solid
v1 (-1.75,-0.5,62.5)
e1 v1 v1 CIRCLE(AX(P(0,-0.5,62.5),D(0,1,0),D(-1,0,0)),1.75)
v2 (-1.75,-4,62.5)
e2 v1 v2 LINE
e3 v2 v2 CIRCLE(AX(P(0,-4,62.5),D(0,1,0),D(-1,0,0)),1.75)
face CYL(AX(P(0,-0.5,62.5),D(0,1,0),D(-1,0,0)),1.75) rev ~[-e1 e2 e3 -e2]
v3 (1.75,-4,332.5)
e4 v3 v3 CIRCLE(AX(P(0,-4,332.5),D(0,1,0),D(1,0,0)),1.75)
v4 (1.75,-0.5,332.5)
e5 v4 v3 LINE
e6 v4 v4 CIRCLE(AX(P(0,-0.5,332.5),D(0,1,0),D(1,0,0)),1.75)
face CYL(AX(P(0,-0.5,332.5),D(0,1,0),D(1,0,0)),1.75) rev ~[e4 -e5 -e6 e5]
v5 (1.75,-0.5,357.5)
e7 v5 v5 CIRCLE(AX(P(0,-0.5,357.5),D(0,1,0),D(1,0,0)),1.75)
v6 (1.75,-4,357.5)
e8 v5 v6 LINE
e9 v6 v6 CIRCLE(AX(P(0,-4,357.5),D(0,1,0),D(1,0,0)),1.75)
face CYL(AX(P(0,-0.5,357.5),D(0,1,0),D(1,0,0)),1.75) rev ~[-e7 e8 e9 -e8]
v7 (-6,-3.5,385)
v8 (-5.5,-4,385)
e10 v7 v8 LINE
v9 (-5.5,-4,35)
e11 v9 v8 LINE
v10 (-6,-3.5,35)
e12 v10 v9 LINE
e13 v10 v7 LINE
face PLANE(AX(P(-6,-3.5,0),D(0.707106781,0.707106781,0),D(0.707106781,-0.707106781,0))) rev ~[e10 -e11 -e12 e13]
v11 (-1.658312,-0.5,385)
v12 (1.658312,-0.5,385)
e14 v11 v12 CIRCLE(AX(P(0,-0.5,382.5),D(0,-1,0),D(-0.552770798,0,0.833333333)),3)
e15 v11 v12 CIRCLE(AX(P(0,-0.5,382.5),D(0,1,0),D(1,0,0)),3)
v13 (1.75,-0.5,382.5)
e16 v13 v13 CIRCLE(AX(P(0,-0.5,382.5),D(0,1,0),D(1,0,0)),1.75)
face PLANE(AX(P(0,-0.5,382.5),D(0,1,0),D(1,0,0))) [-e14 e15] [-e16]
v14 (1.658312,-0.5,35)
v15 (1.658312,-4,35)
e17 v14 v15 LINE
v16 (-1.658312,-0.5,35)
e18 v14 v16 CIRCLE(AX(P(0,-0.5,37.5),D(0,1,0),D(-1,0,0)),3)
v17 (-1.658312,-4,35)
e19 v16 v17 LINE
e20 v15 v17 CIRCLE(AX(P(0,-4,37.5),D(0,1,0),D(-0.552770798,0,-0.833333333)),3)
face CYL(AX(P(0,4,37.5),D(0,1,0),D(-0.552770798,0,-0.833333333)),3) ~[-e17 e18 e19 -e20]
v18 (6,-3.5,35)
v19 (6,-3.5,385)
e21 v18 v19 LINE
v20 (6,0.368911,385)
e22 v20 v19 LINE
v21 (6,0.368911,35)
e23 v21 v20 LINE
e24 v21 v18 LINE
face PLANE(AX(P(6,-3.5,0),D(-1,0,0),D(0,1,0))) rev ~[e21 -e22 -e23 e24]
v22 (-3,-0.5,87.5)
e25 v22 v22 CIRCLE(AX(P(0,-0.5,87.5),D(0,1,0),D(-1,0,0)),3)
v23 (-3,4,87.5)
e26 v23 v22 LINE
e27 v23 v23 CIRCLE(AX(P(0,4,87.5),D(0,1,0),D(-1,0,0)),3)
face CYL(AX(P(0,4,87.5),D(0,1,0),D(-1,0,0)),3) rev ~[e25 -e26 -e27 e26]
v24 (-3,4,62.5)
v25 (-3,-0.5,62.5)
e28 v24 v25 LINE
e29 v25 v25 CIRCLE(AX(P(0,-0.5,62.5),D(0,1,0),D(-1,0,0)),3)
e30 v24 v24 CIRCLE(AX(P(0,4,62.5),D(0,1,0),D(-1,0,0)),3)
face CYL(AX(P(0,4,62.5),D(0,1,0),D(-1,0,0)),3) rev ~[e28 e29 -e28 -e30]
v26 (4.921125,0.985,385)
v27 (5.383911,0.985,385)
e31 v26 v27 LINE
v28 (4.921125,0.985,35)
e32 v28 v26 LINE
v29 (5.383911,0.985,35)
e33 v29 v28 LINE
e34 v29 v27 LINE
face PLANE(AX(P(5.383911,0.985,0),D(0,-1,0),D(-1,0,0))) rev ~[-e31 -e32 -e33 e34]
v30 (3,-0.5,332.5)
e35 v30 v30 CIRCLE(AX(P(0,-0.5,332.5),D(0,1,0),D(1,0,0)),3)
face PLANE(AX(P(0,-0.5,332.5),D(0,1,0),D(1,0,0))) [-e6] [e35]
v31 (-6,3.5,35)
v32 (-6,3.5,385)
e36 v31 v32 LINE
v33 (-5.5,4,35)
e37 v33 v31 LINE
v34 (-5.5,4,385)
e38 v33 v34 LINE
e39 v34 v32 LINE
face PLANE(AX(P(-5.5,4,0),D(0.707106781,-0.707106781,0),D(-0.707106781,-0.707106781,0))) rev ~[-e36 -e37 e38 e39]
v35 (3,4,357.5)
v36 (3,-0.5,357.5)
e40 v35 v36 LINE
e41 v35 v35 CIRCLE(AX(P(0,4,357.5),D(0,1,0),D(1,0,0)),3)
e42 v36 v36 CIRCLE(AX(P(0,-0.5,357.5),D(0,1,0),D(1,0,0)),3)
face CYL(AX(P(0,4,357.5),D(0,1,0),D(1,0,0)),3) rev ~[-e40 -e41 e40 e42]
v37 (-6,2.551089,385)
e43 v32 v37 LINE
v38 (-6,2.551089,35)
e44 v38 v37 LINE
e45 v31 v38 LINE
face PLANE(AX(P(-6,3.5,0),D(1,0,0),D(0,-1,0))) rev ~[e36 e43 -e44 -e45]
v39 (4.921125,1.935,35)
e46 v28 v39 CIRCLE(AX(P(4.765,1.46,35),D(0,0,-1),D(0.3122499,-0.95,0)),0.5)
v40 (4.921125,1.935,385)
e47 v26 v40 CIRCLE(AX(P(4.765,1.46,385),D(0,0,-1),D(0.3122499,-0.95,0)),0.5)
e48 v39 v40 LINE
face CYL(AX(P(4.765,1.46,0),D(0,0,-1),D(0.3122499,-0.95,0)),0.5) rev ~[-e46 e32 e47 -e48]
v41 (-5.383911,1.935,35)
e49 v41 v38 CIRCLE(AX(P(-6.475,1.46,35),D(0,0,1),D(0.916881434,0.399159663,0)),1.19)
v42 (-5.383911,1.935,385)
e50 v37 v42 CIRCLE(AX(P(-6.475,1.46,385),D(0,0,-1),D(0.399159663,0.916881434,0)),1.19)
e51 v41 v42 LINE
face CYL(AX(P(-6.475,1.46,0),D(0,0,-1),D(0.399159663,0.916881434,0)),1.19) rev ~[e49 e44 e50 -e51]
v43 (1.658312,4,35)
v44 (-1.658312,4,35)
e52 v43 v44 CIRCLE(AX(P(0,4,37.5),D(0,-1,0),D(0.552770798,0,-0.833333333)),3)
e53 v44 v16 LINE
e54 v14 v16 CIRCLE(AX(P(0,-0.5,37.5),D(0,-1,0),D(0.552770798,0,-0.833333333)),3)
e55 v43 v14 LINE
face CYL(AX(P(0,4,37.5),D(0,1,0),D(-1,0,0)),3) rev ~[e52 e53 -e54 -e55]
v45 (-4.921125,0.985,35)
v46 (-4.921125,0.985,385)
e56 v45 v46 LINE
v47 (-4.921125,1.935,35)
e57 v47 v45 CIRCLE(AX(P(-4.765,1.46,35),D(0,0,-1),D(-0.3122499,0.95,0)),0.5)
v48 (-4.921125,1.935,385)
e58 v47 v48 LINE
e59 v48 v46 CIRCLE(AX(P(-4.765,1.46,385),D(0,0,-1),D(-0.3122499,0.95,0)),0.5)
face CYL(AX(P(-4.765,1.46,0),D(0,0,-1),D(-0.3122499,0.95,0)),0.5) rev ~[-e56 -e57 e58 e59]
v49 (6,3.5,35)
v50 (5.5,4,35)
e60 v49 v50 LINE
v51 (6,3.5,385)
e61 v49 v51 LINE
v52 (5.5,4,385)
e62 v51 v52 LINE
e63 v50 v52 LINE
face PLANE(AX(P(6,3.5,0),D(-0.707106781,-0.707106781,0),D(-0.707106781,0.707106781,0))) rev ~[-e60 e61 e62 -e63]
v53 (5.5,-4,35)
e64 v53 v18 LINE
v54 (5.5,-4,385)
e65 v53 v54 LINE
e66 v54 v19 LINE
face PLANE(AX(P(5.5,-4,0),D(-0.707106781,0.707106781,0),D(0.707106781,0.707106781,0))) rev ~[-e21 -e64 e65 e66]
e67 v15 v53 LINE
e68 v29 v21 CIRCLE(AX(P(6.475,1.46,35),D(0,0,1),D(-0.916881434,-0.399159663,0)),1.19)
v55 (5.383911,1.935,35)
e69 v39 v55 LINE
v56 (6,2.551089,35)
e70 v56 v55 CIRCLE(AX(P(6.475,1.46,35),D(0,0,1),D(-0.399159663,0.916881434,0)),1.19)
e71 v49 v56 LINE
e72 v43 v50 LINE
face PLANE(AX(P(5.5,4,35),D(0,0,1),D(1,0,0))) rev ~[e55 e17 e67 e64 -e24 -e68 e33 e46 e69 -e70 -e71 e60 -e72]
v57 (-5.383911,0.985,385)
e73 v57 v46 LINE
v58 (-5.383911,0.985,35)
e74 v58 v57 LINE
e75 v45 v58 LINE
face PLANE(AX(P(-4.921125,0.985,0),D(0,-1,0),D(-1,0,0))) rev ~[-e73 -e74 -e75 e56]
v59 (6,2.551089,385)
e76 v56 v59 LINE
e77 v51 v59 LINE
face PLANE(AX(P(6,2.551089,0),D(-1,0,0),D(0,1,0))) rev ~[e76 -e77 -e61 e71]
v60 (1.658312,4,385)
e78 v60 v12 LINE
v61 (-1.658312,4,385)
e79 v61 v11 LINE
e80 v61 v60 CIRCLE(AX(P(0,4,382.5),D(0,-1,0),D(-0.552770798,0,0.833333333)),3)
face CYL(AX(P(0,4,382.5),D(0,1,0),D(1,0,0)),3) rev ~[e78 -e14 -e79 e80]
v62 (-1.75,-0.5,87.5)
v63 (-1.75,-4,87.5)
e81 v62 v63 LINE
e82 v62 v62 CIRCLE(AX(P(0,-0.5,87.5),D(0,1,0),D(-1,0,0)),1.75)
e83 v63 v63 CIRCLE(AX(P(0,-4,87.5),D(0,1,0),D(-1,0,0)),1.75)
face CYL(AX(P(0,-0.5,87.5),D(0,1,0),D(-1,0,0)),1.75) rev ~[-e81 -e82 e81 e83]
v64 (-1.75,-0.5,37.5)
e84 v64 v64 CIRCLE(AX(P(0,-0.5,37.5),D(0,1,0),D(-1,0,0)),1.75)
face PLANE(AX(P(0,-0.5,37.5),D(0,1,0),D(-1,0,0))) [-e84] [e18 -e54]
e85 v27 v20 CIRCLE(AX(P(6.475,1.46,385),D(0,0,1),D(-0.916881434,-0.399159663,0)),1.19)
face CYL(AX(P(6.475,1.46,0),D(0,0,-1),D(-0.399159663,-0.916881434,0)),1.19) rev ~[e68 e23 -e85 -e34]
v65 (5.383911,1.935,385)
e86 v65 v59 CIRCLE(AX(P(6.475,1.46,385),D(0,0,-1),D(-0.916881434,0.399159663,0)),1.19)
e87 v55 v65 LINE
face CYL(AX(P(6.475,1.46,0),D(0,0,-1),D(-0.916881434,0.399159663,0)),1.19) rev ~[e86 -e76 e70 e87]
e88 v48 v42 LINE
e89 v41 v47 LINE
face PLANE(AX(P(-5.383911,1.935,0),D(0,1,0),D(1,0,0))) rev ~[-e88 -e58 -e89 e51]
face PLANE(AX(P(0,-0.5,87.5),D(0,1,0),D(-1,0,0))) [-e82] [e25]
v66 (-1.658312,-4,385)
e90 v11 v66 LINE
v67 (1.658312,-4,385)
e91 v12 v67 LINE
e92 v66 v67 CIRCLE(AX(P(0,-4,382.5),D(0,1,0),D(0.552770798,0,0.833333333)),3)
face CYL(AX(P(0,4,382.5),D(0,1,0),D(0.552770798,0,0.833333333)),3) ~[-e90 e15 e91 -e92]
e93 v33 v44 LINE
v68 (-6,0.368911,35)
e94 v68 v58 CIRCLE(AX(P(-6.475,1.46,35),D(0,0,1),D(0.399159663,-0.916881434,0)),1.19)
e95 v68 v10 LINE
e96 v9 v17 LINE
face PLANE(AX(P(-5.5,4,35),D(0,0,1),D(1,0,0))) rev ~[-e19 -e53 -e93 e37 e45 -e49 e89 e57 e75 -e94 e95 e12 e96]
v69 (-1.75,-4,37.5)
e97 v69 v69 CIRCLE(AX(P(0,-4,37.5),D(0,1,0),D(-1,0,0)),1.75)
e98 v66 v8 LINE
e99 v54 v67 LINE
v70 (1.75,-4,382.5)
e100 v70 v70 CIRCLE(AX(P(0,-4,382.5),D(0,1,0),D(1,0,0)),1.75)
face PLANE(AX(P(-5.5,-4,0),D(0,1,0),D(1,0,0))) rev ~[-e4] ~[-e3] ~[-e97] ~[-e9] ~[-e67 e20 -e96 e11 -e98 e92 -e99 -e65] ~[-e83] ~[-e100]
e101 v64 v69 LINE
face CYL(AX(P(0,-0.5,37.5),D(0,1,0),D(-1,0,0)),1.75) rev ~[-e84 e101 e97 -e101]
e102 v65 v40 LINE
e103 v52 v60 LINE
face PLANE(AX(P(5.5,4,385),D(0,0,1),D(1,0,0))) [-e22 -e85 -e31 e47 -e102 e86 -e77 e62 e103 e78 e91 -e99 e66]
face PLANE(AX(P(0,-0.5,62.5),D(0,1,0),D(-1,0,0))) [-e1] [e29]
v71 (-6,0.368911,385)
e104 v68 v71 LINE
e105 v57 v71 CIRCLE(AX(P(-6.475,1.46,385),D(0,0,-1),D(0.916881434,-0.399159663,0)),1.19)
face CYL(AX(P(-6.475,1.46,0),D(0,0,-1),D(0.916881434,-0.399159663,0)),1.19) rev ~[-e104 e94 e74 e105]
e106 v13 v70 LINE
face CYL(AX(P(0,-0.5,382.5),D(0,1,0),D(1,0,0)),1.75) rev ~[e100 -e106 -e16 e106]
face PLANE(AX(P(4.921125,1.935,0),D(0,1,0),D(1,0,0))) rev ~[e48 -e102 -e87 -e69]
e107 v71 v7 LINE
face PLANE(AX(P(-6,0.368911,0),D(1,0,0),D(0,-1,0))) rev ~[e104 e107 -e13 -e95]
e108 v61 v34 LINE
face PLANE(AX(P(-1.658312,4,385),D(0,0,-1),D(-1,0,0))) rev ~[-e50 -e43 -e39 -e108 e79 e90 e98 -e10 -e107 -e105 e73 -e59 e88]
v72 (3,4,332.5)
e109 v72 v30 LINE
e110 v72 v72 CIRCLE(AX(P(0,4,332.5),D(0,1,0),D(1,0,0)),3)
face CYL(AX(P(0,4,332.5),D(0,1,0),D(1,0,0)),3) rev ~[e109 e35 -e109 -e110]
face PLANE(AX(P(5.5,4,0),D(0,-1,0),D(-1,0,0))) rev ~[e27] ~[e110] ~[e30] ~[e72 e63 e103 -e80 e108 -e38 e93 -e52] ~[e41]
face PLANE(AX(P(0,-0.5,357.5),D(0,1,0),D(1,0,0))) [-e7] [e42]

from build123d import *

# Parameters (mm, degrees)
BOSS_EXTRUDE1_DEPTH     = 420
SKETCH2_R               = 3
CUT_EXTRUDE1_DEPTH      = 4.5
SKETCH3_R               = 1.75
CUT_EXTRUDE2_DEPTH      = 421.066958948
LPATTERN1_COUNT         = 4
LPATTERN1_PITCH         = 25
MIRROR1_COPY_1_SKETCH_R = 3
MIRROR1_COPY_1_DEPTH    = 4.5
MIRROR1_COPY_2_SKETCH_R = 3
MIRROR1_COPY_2_DEPTH    = 4.5
MIRROR1_COPY_3_SKETCH_R = 3
MIRROR1_COPY_3_DEPTH    = 4.5
MIRROR1_COPY_4_SKETCH_R = 1.75
MIRROR1_COPY_4_DEPTH    = 421.066958948
MIRROR1_COPY_5_SKETCH_R = 1.75
MIRROR1_COPY_5_DEPTH    = 421.066958948
MIRROR1_COPY_6_SKETCH_R = 1.75
MIRROR1_COPY_6_DEPTH    = 421.066958948
SKETCH5_R               = 3
SKETCH5_W               = 0.5
SKETCH5_H               = 35
CUT_EXTRUDE3_DEPTH      = 421.119030752


with BuildPart() as part:
    # Sketch1 → Boss-Extrude1 (new body)
    with BuildSketch(Plane.XY):
        with BuildLine():
            Line((6, -3.5), (6, 0.368911094))
            ThreePointArc((6, 0.368911094), (5.63354293, 0.61854293), (5.383911094, 0.985))
            Line((5.383911094, 0.985), (4.92112495, 0.985))
            ThreePointArc((4.92112495, 0.985), (4.265, 1.46), (4.92112495, 1.935))
            Line((4.92112495, 1.935), (5.383911094, 1.935))
            ThreePointArc((5.383911094, 1.935), (5.63354293, 2.30145707), (6, 2.551088906))
            Line((6, 2.551088906), (6, 3.5))
            Line((6, 3.5), (5.5, 4))
            Line((5.5, 4), (-5.5, 4))
            Line((-5.5, 4), (-6, 3.5))
            Line((-6, 3.5), (-6, 2.551088906))
            ThreePointArc((-6, 2.551088906), (-5.63354293, 2.30145707), (-5.383911094, 1.935))
            Line((-5.383911094, 1.935), (-4.92112495, 1.935))
            ThreePointArc((-4.92112495, 1.935), (-4.265, 1.46), (-4.92112495, 0.985))
            Line((-4.92112495, 0.985), (-5.383911094, 0.985))
            ThreePointArc((-5.383911094, 0.985), (-5.63354293, 0.61854293), (-6, 0.368911094))
            Line((-6, 0.368911094), (-6, -3.5))
            Line((-6, -3.5), (-5.5, -4))
            Line((-5.5, -4), (5.5, -4))
            Line((5.5, -4), (6, -3.5))
        make_face()
    extrude(amount=BOSS_EXTRUDE1_DEPTH)

    # Sketch2 → Cut-Extrude1 (cut)
    with BuildSketch(Plane(origin=(0, 4, 0), x_dir=(1, 0, 0), z_dir=(0, 1, 0))):
        with Locations(Location((0, -12.5, 0), (0, 0, 180))):
            Circle(SKETCH2_R)
    cut_extrude1 = extrude(amount=-CUT_EXTRUDE1_DEPTH, mode=Mode.SUBTRACT)

    # Sketch3 → Cut-Extrude2 (cut, through all)
    with BuildSketch(Plane(origin=(0, -0.5, 0), x_dir=(1, 0, 0), z_dir=(0, 1, 0))):
        with Locations(Location((0, -12.5, 0), (0, 0, 180))):
            Circle(SKETCH3_R)
    cut_extrude2 = extrude(amount=-CUT_EXTRUDE2_DEPTH, mode=Mode.SUBTRACT)

    # LPattern1: Cut-Extrude1, Cut-Extrude2 ×4
    with Locations(*[(0, 0, i * LPATTERN1_PITCH) for i in range(1, LPATTERN1_COUNT)]):
        add(cut_extrude1, mode=Mode.SUBTRACT)
        add(cut_extrude2, mode=Mode.SUBTRACT)

    # Mirror1: Cut-Extrude1, Cut-Extrude2 across plane
    add(cut_extrude1.mirror(Plane.XY.offset(210)), mode=Mode.SUBTRACT)
    add(cut_extrude2.mirror(Plane.XY.offset(210)), mode=Mode.SUBTRACT)

    # Mirror1 copy 1 sketch → Mirror1 copy 1 (cut)
    with BuildSketch(Plane(origin=(0, 4, 395), x_dir=(1, 0, 0), z_dir=(0, 1, 0))):
        with Locations((0, 12.5)):
            Circle(MIRROR1_COPY_1_SKETCH_R)
    extrude(amount=-MIRROR1_COPY_1_DEPTH, mode=Mode.SUBTRACT)

    # Mirror1 copy 2 sketch → Mirror1 copy 2 (cut)
    with BuildSketch(Plane(origin=(0, 4, 370), x_dir=(1, 0, 0), z_dir=(0, 1, 0))):
        with Locations((0, 12.5)):
            Circle(MIRROR1_COPY_2_SKETCH_R)
    extrude(amount=-MIRROR1_COPY_2_DEPTH, mode=Mode.SUBTRACT)

    # Mirror1 copy 3 sketch → Mirror1 copy 3 (cut)
    with BuildSketch(Plane(origin=(0, 4, 345), x_dir=(1, 0, 0), z_dir=(0, 1, 0))):
        with Locations((0, 12.5)):
            Circle(MIRROR1_COPY_3_SKETCH_R)
    extrude(amount=-MIRROR1_COPY_3_DEPTH, mode=Mode.SUBTRACT)

    # Mirror1 copy 4 sketch → Mirror1 copy 4 (cut, through all)
    with BuildSketch(Plane(origin=(0, -0.5, 395), x_dir=(1, 0, 0), z_dir=(0, 1, 0))):
        with Locations((0, 12.5)):
            Circle(MIRROR1_COPY_4_SKETCH_R)
    extrude(amount=-MIRROR1_COPY_4_DEPTH, mode=Mode.SUBTRACT)

    # Mirror1 copy 5 sketch → Mirror1 copy 5 (cut, through all)
    with BuildSketch(Plane(origin=(0, -0.5, 370), x_dir=(1, 0, 0), z_dir=(0, 1, 0))):
        with Locations((0, 12.5)):
            Circle(MIRROR1_COPY_5_SKETCH_R)
    extrude(amount=-MIRROR1_COPY_5_DEPTH, mode=Mode.SUBTRACT)

    # Mirror1 copy 6 sketch → Mirror1 copy 6 (cut, through all)
    with BuildSketch(Plane(origin=(0, -0.5, 345), x_dir=(1, 0, 0), z_dir=(0, 1, 0))):
        with Locations((0, 12.5)):
            Circle(MIRROR1_COPY_6_SKETCH_R)
    extrude(amount=-MIRROR1_COPY_6_DEPTH, mode=Mode.SUBTRACT)

    # Sketch5 → Cut-Extrude3 (cut, through all)
    # profile 1 of 8: a face of its own
    with BuildSketch(Plane(origin=(0, 4, 0), x_dir=(1, 0, 0), z_dir=(0, 1, 0))):
        with BuildLine():
            Line((-1.658312395, -385), (-5.5, -385))
            Line((-5.5, -385), (-5.5, -420))
            Line((-5.5, -420), (5.5, -420))
            Line((5.5, -420), (5.5, -385))
            Line((5.5, -385), (1.658312395, -385))
            ThreePointArc((1.658312395, -385), (0, -385.5), (-1.658312395, -385))
        make_face()
        with Locations((0, -407.5)):
            Circle(SKETCH5_R, mode=Mode.SUBTRACT)
    # profile 2 of 8: a face of its own
    with BuildSketch(Plane(origin=(0, 4, 0), x_dir=(1, 0, 0), z_dir=(0, 1, 0))):
        with Locations((-5.75, -402.5)):
            Rectangle(SKETCH5_W, SKETCH5_H)
    # profile 3 of 8: a face of its own
    with BuildSketch(Plane(origin=(0, 4, 0), x_dir=(1, 0, 0), z_dir=(0, 1, 0))):
        with Locations((5.75, -402.5)):
            Rectangle(SKETCH5_W, SKETCH5_H)
    # profile 4 of 8: a face of its own
    with BuildSketch(Plane(origin=(0, 4, 0), x_dir=(1, 0, 0), z_dir=(0, 1, 0))):
        with Locations((0, -407.5)):
            Circle(SKETCH5_R)
    # profile 5 of 8: a face of its own
    with BuildSketch(Plane(origin=(0, 4, 0), x_dir=(1, 0, 0), z_dir=(0, 1, 0))):
        with BuildLine():
            Line((-5.5, 0), (-5.5, -35))
            Line((-5.5, -35), (-1.658312395, -35))
            ThreePointArc((-1.658312395, -35), (0, -34.5), (1.658312395, -35))
            Line((1.658312395, -35), (5.5, -35))
            Line((5.5, -35), (5.5, 0))
            Line((5.5, 0), (-5.5, 0))
        make_face()
        with Locations((0, -12.5)):
            Circle(SKETCH5_R, mode=Mode.SUBTRACT)
    # profile 6 of 8: a face of its own
    with BuildSketch(Plane(origin=(0, 4, 0), x_dir=(1, 0, 0), z_dir=(0, 1, 0))):
        with Locations((0, -12.5)):
            Circle(SKETCH5_R)
    # profile 7 of 8: a face of its own
    with BuildSketch(Plane(origin=(0, 4, 0), x_dir=(1, 0, 0), z_dir=(0, 1, 0))):
        with Locations((5.75, -17.5)):
            Rectangle(SKETCH5_W, SKETCH5_H)
    # profile 8 of 8: a face of its own
    with BuildSketch(Plane(origin=(0, 4, 0), x_dir=(1, 0, 0), z_dir=(0, 1, 0))):
        with Locations((-5.75, -17.5)):
            Rectangle(SKETCH5_W, SKETCH5_H)
    extrude(amount=-CUT_EXTRUDE3_DEPTH, mode=Mode.SUBTRACT)


solid = part.part
